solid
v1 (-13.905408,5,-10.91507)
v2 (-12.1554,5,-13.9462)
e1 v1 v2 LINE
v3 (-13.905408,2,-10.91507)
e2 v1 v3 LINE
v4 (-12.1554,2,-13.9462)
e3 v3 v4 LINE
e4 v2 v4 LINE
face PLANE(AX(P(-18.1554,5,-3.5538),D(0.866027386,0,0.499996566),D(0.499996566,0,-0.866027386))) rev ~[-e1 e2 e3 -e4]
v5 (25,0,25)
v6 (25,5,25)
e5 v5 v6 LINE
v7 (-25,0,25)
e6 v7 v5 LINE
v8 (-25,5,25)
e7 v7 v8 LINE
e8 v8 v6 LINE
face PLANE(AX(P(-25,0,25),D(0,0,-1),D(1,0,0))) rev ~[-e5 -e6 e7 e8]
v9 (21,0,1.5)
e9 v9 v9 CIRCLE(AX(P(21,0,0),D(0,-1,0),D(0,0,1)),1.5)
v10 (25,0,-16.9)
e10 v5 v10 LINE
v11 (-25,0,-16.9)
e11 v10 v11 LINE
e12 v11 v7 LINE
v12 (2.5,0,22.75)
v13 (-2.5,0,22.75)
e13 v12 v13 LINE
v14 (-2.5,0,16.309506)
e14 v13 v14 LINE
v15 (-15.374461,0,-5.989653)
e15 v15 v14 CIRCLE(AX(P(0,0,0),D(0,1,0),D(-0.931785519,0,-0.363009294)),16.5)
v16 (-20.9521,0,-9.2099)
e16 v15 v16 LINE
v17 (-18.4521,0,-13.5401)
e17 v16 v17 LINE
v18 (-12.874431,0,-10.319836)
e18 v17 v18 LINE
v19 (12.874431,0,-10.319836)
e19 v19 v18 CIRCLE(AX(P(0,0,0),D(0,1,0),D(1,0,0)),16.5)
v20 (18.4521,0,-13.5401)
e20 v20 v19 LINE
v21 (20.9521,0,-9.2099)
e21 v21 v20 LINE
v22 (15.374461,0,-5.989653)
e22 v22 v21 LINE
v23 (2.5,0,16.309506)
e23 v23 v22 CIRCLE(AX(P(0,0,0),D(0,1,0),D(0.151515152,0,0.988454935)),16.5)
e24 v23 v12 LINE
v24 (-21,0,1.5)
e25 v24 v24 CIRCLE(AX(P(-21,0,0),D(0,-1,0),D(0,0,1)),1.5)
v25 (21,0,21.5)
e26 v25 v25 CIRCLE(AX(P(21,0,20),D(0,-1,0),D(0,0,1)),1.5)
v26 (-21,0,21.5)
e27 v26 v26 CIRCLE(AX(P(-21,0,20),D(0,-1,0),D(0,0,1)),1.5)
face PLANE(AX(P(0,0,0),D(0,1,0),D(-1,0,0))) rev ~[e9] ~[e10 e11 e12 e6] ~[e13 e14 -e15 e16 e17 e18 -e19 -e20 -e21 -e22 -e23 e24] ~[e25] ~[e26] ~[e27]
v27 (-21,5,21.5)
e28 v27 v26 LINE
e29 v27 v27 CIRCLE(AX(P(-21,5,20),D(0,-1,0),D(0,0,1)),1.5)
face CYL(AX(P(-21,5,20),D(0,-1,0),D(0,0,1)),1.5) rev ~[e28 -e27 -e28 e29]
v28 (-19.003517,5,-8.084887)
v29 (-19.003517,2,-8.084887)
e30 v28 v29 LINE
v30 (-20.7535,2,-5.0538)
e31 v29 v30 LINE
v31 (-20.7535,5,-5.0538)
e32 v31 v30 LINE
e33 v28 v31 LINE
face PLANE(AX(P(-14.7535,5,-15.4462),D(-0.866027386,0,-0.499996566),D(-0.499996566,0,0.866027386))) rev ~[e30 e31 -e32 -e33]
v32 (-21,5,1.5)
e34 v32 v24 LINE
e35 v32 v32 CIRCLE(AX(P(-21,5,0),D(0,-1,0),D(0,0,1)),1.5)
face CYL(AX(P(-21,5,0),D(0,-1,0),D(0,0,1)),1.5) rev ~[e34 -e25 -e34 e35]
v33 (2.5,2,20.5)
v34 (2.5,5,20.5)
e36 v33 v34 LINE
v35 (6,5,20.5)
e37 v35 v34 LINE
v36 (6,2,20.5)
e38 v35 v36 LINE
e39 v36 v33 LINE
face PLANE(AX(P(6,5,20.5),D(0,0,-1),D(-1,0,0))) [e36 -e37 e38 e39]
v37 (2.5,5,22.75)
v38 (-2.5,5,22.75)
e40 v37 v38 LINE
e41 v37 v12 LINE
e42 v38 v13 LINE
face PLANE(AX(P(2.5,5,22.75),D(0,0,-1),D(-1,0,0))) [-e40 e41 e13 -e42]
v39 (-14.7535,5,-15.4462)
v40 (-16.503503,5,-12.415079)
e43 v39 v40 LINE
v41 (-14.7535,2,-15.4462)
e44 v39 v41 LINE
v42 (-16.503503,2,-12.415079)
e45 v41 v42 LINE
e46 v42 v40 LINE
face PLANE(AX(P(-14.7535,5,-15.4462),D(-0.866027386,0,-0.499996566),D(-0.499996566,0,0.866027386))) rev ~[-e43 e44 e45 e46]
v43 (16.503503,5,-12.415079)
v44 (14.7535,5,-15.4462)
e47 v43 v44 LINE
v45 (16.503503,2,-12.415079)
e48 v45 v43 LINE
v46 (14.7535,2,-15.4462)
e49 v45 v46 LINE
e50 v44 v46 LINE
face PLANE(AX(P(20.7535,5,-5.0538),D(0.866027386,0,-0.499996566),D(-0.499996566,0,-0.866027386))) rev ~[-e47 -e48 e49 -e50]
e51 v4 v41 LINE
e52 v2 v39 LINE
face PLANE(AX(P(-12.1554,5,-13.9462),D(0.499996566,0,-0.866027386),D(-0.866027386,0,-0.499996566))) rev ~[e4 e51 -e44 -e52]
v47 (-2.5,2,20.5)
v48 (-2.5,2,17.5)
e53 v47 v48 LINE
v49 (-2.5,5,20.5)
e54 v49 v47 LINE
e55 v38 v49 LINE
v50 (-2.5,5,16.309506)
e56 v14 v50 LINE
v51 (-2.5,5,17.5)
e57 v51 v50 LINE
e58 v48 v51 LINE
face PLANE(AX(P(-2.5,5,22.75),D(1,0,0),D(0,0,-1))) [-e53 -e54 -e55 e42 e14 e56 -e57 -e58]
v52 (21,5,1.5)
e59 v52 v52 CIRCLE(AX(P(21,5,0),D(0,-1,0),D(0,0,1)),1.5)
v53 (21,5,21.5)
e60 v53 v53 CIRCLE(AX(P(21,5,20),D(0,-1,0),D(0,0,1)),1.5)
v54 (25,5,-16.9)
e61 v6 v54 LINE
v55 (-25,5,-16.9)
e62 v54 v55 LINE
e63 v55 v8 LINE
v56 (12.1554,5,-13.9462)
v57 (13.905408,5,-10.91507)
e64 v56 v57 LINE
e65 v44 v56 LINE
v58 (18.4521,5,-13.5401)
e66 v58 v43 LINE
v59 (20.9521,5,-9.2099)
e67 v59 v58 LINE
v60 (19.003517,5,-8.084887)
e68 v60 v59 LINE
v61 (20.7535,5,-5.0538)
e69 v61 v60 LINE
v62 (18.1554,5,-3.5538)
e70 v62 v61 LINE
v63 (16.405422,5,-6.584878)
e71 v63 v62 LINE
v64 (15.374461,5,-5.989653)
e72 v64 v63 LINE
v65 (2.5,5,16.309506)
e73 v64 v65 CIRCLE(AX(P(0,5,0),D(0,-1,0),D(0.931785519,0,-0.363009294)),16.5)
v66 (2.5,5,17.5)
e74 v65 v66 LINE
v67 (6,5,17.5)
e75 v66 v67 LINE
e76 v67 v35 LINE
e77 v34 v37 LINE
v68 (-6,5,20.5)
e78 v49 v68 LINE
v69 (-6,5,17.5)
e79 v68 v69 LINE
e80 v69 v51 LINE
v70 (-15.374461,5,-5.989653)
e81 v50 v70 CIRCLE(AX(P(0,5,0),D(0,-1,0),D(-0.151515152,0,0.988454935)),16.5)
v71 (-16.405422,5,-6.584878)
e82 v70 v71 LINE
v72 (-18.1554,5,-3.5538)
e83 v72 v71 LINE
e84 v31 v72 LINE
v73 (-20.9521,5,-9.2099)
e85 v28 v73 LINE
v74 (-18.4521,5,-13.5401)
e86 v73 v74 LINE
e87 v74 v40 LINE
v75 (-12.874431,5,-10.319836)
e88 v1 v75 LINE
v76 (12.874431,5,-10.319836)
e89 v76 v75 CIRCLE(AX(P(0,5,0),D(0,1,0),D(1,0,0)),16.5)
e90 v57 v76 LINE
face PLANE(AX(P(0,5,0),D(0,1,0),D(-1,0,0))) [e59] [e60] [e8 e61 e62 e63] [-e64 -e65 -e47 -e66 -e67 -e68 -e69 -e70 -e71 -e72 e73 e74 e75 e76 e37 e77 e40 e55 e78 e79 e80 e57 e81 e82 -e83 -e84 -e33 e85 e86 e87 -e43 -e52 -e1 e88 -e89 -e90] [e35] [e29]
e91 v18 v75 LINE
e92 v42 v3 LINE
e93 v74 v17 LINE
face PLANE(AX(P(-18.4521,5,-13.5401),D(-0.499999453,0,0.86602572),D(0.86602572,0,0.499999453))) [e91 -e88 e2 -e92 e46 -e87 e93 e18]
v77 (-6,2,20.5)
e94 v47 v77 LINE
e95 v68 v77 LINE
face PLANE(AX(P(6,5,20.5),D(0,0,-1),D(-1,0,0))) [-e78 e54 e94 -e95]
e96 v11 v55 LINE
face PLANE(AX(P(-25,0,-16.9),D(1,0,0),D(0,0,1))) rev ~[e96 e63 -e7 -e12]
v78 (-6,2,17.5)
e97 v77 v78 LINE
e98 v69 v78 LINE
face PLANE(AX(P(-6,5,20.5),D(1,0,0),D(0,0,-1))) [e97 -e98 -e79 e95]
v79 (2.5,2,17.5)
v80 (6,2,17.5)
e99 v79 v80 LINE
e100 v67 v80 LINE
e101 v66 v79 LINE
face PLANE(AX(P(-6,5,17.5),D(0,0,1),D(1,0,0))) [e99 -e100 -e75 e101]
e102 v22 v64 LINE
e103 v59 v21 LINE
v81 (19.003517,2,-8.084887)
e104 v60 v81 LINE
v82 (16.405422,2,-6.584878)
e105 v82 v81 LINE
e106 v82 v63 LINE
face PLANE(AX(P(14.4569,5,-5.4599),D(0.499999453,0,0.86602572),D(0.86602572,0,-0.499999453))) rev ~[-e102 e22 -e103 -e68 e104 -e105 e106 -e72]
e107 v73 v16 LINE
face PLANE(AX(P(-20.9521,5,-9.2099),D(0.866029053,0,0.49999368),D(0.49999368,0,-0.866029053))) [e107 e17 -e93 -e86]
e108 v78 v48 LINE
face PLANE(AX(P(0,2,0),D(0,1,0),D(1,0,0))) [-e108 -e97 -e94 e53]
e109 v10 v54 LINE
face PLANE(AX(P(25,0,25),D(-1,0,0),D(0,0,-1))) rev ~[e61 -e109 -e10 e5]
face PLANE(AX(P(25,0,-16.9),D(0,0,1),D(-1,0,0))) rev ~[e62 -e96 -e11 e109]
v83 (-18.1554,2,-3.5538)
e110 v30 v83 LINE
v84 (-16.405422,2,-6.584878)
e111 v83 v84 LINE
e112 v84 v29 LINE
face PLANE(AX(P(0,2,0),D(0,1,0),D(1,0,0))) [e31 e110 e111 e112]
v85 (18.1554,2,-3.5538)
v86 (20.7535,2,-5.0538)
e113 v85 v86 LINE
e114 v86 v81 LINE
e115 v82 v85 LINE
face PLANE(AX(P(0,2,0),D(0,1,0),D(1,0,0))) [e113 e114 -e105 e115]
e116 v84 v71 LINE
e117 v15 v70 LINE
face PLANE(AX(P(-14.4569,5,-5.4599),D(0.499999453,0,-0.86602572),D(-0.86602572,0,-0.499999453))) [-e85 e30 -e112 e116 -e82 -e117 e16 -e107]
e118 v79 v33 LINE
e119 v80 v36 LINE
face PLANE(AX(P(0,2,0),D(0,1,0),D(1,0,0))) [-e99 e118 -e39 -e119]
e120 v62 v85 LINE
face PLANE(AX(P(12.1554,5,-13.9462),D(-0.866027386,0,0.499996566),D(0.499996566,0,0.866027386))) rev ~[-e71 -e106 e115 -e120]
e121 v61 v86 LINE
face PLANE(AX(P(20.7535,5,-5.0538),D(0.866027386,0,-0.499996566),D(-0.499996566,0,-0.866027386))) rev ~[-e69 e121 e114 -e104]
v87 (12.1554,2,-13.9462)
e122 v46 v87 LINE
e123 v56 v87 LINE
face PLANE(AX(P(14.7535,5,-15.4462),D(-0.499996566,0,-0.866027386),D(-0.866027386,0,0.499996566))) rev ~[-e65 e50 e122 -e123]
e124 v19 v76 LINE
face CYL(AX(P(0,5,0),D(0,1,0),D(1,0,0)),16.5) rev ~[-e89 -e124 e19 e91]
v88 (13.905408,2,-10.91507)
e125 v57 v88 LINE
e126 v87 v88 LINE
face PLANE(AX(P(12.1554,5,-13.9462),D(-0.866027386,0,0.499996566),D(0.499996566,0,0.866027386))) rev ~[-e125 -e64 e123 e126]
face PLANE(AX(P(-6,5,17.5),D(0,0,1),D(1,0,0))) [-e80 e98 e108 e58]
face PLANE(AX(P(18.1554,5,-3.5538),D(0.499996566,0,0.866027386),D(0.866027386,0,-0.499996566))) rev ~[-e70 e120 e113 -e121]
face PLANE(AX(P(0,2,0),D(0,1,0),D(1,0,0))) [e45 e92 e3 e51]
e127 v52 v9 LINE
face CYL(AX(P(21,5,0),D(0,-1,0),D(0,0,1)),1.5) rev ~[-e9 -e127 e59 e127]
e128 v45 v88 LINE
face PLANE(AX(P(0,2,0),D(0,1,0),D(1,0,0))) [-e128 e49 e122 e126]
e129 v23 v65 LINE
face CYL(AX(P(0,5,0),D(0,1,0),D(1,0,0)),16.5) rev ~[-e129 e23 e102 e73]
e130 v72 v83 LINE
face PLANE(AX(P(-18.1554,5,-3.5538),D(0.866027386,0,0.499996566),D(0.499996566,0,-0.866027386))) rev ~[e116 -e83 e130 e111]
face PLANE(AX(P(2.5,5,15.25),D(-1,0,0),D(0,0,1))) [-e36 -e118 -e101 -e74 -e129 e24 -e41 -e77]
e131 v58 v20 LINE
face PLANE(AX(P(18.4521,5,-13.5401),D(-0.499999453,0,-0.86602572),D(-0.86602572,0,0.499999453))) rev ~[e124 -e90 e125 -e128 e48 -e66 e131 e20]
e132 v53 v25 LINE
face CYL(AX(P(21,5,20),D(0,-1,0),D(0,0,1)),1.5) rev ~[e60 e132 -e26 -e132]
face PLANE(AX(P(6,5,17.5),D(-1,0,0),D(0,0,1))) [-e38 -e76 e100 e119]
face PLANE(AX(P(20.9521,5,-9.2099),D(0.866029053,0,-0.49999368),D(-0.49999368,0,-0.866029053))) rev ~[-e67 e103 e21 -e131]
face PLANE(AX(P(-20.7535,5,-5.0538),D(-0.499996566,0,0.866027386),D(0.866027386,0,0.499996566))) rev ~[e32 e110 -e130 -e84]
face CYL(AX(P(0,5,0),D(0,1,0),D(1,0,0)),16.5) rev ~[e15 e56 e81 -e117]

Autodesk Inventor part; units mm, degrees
ref_plane "YZ Plane" through (0, 0, 0) normal (1, 0, 0) x (0, 1, 0)
ref_plane "XZ Plane" through (0, 0, 0) normal (0, 1, 0) x (-1, 0, 0)
ref_plane "XY Plane" through (0, 0, 0) normal (0, 0, 1) x (1, 0, 0)
sketch "スケッチ1" plane through (0, 0, 0) normal (0, 1, 0) x (-1, 0, 0)
  line L0 (-25, -16.9) -> (25, -16.9)
  line L1 (25, -16.9) -> (25, 25)
  line L2 (25, 25) -> (-25, 25)
  line L3 (-25, 25) -> (-25, -16.9)
  point P0 (0, 0)
  point P1 (0, 25)
  dimension "d0" = 50
  dimension "d62" = 25
  dimension "d63" = 16.9
extrude "押し出し1" add sketch "スケッチ1" along normal blind 5
sketch "スケッチ2" plane through (0, 5, 0) normal (0, 1, 0) x (1, 0, 0)
  circle A0 centre (0, 0) radius 16.5
  dimension "d4" = 33
extrude "押し出し2" cut sketch "スケッチ2" against normal blind 5
sketch "スケッチ3" plane through (0, 5, 0) normal (0, 1, 0) x (1, 0, 0)
  line L0 (-6, -17.5) -> (6, -17.5)
  line L1 (6, -17.5) -> (6, -20.5)
  line L2 (6, -20.5) -> (-6, -20.5)
  line L3 (-6, -20.5) -> (-6, -17.5)
  line L4 (-6, -17.5) -> (6, -20.5) construction
  line L5 (6, -17.5) -> (-6, -20.5) construction
  line L6 (-14.7535, 15.4462) -> (-20.7535, 5.0538)
  line L7 (-20.7535, 5.0538) -> (-18.1554, 3.5538)
  line L8 (-18.1554, 3.5538) -> (-12.1554, 13.9462)
  line L9 (-12.1554, 13.9462) -> (-14.7535, 15.4462)
  line L10 (-14.7535, 15.4462) -> (-18.1554, 3.5538) construction
  line L11 (-20.7535, 5.0538) -> (-12.1554, 13.9462) construction
  line L12 (-25, 16.9) -> (-25, -25) projected
  line L13 (12.1554, 13.9462) -> (18.1554, 3.5538)
  line L14 (18.1554, 3.5538) -> (20.7535, 5.0538)
  line L15 (20.7535, 5.0538) -> (14.7535, 15.4462)
  line L16 (14.7535, 15.4462) -> (12.1554, 13.9462)
  line L17 (12.1554, 13.9462) -> (20.7535, 5.0538) construction
  line L18 (18.1554, 3.5538) -> (14.7535, 15.4462) construction
  line L19 (25, -25) -> (25, 16.9) projected
  point P0 (0, 0)
  point P1 (0, -19)
  point P2 (-16.4545, 9.5)
  point P3 (16.4545, 9.5)
  point P4 (16.4545, 9.5)
  point P5 (16.4545, 9.5)
  dimension "d7" = 120
  dimension "d8" = 120
  dimension "d9" = 19
  dimension "d10" = 19
  dimension "d11" = 19
  dimension "d12" = 3
  dimension "d13" = 12
  dimension "d14" = 30
  dimension "d15" = 12
  dimension "d16" = 3
  dimension "d17" = 30
  dimension "d18" = 3
  dimension "d19" = 12
extrude "押し出し3" cut sketch "スケッチ3" against normal blind 3
sketch "スケッチ4" plane through (0, 5, 0) normal (0, 1, 0) x (1, 0, 0)
  line L0 (2.5, -15.25) -> (2.5, -22.75)
  line L1 (2.5, -22.75) -> (-2.5, -22.75)
  line L2 (-2.5, -22.75) -> (-2.5, -15.25)
  line L3 (-2.5, -15.25) -> (2.5, -15.25)
  line L4 (2.5, -15.25) -> (-2.5, -22.75) construction
  line L5 (2.5, -22.75) -> (-2.5, -15.25) construction
  line L6 (18.4521, 13.5401) -> (11.9569, 9.7901)
  line L7 (11.9569, 9.7901) -> (14.4569, 5.4599)
  line L8 (14.4569, 5.4599) -> (20.9521, 9.2099)
  line L9 (20.9521, 9.2099) -> (18.4521, 13.5401)
  line L10 (18.4521, 13.5401) -> (14.4569, 5.4599) construction
  line L11 (11.9569, 9.7901) -> (20.9521, 9.2099) construction
  line L12 (25, -25) -> (25, 16.9) projected
  line L13 (-18.4521, 13.5401) -> (-11.9569, 9.7901)
  line L14 (-11.9569, 9.7901) -> (-14.4569, 5.4599)
  line L15 (-14.4569, 5.4599) -> (-20.9521, 9.2099)
  line L16 (-20.9521, 9.2099) -> (-18.4521, 13.5401)
  line L17 (-18.4521, 13.5401) -> (-14.4569, 5.4599) construction
  line L18 (-11.9569, 9.7901) -> (-20.9521, 9.2099) construction
  line L19 (-25, 16.9) -> (-25, -25) projected
  point P0 (0, 0)
  point P1 (16.4545, 9.5)
  point P2 (0, -19)
  point P3 (-16.4545, 9.5)
  dimension "d28" = 120
  dimension "d29" = 120
  dimension "d30" = 19
  dimension "d31" = 19
  dimension "d32" = 19
  dimension "d33" = 30
  dimension "d34" = 7.5
  dimension "d35" = 5
  dimension "d38" = 7.5
  dimension "d39" = 5
  dimension "d40" = 5
  dimension "d41" = 7.5
  dimension "d42" = 30
extrude "押し出し4" cut sketch "スケッチ4" against normal blind 5
sketch "スケッチ5" plane through (0, 5, 0) normal (0, 1, 0) x (1, 0, 0)
  line L0 (-25, -25) -> (25, -25) projected
  line L1 (25, 16.9) -> (-25, 16.9) projected
  line L2 (-25, 16.9) -> (-25, -25) projected
  line L3 (25, -25) -> (25, 16.9) projected
  point P0 (0, 0)
  point P1 (21, -20)
  point P2 (-21, -20)
  point P3 (-21, 0)
  point P4 (21, 0)
  point P5 (15, 0)
  point P6 (-15, 0)
  dimension "d45" = 5
  dimension "d48" = 5
  dimension "d49" = 4
  dimension "d50" = 4
  dimension "d51" = 4
  dimension "d52" = 4
  dimension "d60" = 6
  dimension "d61" = 6
  dimension "d64" = 20
hole "穴1" at (21, 5, 20) at (-21, 5, 20) at (-21, 5, 0) at (21, 5, 0) at (15, 5, 0) at (-15, 5, 0) direction (0, -1, 0) diameter 3 end through all
properties part number "trackball_base" material "アルミニウム 6061"
